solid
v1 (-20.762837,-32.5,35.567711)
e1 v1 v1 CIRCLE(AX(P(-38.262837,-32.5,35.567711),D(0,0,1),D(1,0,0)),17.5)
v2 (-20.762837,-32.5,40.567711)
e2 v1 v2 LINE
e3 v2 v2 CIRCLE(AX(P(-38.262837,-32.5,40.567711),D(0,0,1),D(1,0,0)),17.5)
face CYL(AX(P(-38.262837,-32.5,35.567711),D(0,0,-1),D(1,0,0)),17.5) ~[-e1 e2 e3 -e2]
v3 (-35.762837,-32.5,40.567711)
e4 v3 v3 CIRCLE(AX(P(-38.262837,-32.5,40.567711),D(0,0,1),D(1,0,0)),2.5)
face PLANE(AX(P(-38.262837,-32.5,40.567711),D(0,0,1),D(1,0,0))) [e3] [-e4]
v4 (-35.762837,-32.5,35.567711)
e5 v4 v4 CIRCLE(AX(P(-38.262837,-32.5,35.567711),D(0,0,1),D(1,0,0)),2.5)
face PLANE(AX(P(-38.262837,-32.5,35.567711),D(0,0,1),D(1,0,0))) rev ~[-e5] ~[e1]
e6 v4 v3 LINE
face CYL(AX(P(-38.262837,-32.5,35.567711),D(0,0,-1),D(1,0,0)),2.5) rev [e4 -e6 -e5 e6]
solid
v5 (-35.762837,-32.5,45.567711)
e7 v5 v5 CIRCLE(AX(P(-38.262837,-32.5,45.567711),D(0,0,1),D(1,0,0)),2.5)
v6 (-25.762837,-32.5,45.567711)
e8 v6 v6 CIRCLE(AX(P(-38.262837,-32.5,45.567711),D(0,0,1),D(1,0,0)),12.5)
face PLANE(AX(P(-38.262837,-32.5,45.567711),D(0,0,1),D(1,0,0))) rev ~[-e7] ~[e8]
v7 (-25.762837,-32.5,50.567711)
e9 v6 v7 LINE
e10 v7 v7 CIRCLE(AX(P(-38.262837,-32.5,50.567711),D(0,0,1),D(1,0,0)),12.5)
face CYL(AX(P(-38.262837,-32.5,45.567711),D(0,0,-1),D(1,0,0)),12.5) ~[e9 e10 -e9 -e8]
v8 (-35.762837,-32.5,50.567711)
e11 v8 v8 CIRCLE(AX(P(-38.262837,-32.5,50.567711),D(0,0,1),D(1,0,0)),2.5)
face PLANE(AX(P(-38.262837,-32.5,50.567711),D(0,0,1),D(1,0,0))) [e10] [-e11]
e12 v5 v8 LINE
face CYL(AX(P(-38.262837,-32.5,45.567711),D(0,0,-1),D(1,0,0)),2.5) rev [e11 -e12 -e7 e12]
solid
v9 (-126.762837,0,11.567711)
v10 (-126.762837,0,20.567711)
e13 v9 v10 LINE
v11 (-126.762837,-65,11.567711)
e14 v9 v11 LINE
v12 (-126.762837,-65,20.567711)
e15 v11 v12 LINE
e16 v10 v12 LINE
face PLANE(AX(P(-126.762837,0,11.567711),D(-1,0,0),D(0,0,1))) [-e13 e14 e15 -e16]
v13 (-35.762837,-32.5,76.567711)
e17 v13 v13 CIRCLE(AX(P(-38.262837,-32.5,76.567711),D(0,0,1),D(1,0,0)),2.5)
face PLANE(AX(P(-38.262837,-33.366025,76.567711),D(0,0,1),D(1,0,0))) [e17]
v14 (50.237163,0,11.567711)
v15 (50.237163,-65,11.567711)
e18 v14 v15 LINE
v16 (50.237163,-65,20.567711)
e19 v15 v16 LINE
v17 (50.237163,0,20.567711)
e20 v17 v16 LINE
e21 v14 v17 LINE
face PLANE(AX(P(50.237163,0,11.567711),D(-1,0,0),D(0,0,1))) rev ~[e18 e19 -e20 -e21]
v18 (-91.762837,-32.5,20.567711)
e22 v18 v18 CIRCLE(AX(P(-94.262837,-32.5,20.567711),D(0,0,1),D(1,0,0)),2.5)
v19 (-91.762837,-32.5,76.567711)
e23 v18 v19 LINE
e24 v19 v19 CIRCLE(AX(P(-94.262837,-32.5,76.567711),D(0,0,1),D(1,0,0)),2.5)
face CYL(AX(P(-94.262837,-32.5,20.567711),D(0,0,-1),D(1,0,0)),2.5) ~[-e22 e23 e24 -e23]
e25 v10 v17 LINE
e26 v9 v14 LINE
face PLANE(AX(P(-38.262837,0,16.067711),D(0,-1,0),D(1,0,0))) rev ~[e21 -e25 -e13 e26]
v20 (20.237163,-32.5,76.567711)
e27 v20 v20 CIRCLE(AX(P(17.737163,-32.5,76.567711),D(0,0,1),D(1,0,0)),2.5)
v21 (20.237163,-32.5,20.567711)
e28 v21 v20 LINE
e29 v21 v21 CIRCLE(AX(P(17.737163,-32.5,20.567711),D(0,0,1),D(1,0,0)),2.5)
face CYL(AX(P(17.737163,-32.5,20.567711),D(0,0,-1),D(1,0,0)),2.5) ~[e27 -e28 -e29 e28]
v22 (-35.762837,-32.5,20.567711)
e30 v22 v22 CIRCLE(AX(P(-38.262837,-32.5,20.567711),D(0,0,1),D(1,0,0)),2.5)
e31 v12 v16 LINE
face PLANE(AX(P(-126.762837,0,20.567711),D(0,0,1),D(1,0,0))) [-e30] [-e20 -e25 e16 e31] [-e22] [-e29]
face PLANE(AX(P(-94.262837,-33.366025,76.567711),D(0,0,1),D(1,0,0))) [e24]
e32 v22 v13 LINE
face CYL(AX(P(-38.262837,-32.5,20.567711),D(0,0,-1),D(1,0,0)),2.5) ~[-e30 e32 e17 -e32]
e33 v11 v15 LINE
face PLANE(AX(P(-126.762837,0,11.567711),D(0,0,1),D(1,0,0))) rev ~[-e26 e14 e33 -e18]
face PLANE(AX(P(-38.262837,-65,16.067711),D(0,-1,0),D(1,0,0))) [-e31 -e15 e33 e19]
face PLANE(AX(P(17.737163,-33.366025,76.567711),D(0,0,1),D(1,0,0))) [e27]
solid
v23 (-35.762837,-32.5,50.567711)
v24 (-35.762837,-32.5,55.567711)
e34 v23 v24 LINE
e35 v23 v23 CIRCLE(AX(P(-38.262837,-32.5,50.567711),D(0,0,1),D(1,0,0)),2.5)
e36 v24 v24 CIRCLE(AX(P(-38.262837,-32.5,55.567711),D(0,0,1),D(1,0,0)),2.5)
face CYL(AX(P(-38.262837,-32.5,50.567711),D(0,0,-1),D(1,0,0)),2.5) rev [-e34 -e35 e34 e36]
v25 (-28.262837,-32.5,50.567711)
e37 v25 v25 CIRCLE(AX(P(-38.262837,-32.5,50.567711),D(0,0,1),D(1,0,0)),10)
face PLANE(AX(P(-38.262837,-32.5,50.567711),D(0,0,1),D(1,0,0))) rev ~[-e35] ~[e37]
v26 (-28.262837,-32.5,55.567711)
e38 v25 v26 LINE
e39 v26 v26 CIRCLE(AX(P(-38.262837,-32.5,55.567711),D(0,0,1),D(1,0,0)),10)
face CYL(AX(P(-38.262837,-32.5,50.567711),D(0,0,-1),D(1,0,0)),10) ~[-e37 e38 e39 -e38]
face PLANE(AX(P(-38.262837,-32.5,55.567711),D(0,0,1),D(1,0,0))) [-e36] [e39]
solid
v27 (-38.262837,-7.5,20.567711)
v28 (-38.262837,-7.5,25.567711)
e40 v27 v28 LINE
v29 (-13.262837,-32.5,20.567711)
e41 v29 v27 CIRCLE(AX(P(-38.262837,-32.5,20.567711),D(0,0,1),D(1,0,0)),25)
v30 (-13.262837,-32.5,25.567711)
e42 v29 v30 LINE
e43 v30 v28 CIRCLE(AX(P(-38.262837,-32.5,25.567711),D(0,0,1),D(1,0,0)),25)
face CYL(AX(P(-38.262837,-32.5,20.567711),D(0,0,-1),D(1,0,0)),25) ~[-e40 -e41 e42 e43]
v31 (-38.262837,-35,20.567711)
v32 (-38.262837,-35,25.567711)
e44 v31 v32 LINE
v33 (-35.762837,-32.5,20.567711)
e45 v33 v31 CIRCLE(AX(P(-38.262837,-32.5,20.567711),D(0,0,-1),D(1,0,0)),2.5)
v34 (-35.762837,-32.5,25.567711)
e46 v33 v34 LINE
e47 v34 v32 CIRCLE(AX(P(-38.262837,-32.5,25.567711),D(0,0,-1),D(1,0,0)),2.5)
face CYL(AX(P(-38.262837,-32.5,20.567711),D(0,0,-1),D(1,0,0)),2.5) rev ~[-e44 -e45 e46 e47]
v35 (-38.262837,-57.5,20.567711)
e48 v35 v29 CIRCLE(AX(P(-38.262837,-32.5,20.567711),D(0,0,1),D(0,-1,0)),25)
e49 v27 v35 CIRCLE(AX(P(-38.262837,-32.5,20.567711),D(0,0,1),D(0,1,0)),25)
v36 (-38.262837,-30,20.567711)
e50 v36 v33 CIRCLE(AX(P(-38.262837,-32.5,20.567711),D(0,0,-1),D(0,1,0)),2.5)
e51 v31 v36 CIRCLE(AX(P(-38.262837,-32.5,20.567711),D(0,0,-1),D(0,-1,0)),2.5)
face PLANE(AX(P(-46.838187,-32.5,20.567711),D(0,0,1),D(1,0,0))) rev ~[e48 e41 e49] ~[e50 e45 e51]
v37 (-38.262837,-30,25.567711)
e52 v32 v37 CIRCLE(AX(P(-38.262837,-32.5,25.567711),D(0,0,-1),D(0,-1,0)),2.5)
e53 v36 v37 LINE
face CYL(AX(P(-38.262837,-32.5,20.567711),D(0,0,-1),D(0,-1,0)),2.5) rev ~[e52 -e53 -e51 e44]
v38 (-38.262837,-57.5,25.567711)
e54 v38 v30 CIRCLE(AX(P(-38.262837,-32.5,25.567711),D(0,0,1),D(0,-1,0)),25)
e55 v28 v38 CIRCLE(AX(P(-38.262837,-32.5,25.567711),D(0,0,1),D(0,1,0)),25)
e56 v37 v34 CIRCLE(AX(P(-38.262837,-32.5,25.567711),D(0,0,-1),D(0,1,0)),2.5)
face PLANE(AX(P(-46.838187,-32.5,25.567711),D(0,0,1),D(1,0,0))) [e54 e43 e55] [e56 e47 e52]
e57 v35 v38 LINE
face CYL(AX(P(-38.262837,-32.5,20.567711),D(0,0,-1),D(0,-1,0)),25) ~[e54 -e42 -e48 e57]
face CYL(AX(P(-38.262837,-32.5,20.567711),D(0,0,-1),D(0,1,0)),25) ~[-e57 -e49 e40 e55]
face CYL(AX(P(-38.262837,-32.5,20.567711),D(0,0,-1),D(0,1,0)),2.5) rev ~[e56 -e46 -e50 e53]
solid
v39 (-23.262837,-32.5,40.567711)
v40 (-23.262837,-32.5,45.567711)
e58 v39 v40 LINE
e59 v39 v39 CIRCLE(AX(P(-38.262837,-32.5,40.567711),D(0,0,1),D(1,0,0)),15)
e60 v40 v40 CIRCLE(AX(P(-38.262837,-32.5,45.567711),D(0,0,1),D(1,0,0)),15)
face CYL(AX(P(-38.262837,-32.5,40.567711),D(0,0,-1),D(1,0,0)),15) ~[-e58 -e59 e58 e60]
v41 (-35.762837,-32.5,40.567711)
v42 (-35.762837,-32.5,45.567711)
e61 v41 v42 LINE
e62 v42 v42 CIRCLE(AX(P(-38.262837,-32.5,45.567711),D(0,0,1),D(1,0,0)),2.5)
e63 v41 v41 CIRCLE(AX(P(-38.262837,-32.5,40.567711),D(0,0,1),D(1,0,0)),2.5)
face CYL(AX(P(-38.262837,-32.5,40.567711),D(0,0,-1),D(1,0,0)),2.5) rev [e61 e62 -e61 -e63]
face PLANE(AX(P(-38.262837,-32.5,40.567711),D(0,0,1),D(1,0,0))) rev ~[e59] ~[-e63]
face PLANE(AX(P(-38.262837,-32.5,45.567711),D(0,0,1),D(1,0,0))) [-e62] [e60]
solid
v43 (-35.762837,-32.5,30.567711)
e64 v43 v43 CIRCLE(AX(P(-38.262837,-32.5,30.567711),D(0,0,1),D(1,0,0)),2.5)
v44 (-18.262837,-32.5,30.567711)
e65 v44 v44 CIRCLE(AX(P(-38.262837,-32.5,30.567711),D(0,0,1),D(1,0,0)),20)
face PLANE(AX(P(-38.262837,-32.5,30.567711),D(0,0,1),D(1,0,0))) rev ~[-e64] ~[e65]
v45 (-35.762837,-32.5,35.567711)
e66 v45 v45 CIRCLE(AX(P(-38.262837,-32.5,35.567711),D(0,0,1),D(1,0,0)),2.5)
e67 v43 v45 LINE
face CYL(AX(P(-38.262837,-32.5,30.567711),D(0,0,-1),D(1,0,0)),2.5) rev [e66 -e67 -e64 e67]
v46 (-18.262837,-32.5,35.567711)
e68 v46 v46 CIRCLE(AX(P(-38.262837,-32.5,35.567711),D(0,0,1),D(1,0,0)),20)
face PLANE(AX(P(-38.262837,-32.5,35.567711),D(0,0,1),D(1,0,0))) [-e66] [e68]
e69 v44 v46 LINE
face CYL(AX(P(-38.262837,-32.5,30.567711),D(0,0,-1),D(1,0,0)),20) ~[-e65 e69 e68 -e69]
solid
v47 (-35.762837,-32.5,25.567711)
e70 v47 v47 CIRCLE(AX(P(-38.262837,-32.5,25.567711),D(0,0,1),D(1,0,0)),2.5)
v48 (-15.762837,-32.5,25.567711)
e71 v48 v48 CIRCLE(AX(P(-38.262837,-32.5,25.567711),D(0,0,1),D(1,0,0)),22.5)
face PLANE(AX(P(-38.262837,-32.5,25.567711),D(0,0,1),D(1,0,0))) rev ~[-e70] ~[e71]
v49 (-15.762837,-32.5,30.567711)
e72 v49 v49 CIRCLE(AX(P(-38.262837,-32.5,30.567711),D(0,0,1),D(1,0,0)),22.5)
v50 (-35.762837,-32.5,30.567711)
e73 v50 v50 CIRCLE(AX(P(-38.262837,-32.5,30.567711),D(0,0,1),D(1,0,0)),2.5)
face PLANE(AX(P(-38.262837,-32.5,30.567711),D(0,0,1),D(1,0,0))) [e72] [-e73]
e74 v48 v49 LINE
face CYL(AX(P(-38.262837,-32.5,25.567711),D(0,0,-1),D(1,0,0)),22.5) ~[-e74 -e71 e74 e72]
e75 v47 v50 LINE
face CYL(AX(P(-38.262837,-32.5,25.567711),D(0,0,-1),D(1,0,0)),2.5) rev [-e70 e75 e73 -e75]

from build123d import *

# Parameters (mm, degrees)
F0_W      = 177
F0_H      = 9
F1_DEPTH  = 65
F3_DEPTH  = 56
F5_DEPTH  = 5
F6_R      = 22.5
F6_R_2    = 2.5
F7_DEPTH  = 5
F8_R      = 20
F8_R_2    = 2.5
F9_DEPTH  = 5
F10_R     = 17.5
F10_R_2   = 2.5
F11_DEPTH = 5
F12_R     = 15
F12_R_2   = 2.5
F13_DEPTH = 5
F14_R     = 12.5
F14_R_2   = 2.5
F15_DEPTH = 5
F16_R     = 10
F16_R_2   = 2.5
F17_DEPTH = 5


with BuildPart() as f1:
    # F0 (on Front) → F1 (new body)
    with BuildSketch(Plane.XZ):
        with Locations((-38.2628371716, 16.0677108988)):
            Rectangle(F0_W, F0_H)
    extrude(amount=F1_DEPTH)

    # F2 (on face) → F3 (join)
    with BuildSketch(Plane.XY.offset(20.5677108988)):
        with BuildLine():
            ThreePointArc((15.2371628284, -32.5), (17.7371628284, -35), (20.2371628284, -32.5))
            Line((20.2371628284, -32.5), (17.7371628284, -32.5))
            Line((17.7371628284, -32.5), (15.2371628284, -32.5))
        make_face()
        with BuildLine():
            Line((17.7371628284, -32.5), (20.2371628284, -32.5))
            ThreePointArc((20.2371628284, -32.5), (17.7371628284, -30), (15.2371628284, -32.5))
            Line((15.2371628284, -32.5), (17.7371628284, -32.5))
        make_face()
        with BuildLine():
            Line((-35.7628371716, -32.5), (-38.2628371716, -32.5))
            Line((-38.2628371716, -32.5), (-40.7628371716, -32.5))
            ThreePointArc((-40.7628371716, -32.5), (-38.2628371716, -35), (-35.7628371716, -32.5))
        make_face()
        with BuildLine():
            Line((-40.7628371716, -32.5), (-38.2628371716, -32.5))
            Line((-38.2628371716, -32.5), (-35.7628371716, -32.5))
            ThreePointArc((-35.7628371716, -32.5), (-38.2628371716, -30), (-40.7628371716, -32.5))
        make_face()
        with BuildLine():
            Line((-91.7628371716, -32.5), (-94.2628371716, -32.5))
            Line((-94.2628371716, -32.5), (-96.7628371716, -32.5))
            ThreePointArc((-96.7628371716, -32.5), (-94.2628371716, -35), (-91.7628371716, -32.5))
        make_face()
        with BuildLine():
            Line((-96.7628371716, -32.5), (-94.2628371716, -32.5))
            Line((-94.2628371716, -32.5), (-91.7628371716, -32.5))
            ThreePointArc((-91.7628371716, -32.5), (-94.2628371716, -30), (-96.7628371716, -32.5))
        make_face()
    extrude(amount=F3_DEPTH)


with BuildPart() as f5:
    # F4 (on face) → F5 (new body)
    with BuildSketch(Plane.XY.offset(20.5677108988)):
        with BuildLine():
            Line((-38.2628371716, -30), (-38.2628371716, -7.5))
            ThreePointArc((-38.2628371716, -7.5), (-63.2628371716, -32.5), (-38.2628371716, -57.5))
            Line((-38.2628371716, -57.5), (-38.2628371716, -35))
            ThreePointArc((-38.2628371716, -35), (-40.7628371716, -32.5), (-38.2628371716, -30))
        make_face()
        with BuildLine():
            ThreePointArc((-38.2628371716, -57.5), (-20.5851676419, -50.1776695297), (-13.2628371716, -32.5))
            ThreePointArc((-13.2628371716, -32.5), (-20.5851676419, -14.8223304703), (-38.2628371716, -7.5))
            Line((-38.2628371716, -7.5), (-38.2628371716, -30))
            ThreePointArc((-38.2628371716, -30), (-36.4950702186, -30.732233047), (-35.7628371716, -32.5))
            ThreePointArc((-35.7628371716, -32.5), (-36.4950702186, -34.267766953), (-38.2628371716, -35))
            Line((-38.2628371716, -35), (-38.2628371716, -57.5))
        make_face()
    extrude(amount=F5_DEPTH)


with BuildPart() as f7:
    # F6 (on face) → F7 (new body)
    with BuildSketch(Plane.XY.offset(25.5677108988)):
        with Locations((-38.2628371716, -32.5)):
            Circle(F6_R)
        with Locations((-38.2628371716, -32.5)):
            Circle(F6_R_2, mode=Mode.SUBTRACT)
    extrude(amount=F7_DEPTH)


with BuildPart() as f9:
    # F8 (on face) → F9 (new body)
    with BuildSketch(Plane.XY.offset(30.5677108988)):
        with Locations((-38.2628371716, -32.5)):
            Circle(F8_R)
        with Locations((-38.2628371716, -32.5)):
            Circle(F8_R_2, mode=Mode.SUBTRACT)
    extrude(amount=F9_DEPTH)


with BuildPart() as f11:
    # F10 (on face) → F11 (new body)
    with BuildSketch(Plane.XY.offset(35.5677108988)):
        with Locations((-38.2628371716, -32.5)):
            Circle(F10_R)
        with Locations((-38.2628371716, -32.5)):
            Circle(F10_R_2, mode=Mode.SUBTRACT)
    extrude(amount=F11_DEPTH)


with BuildPart() as f13:
    # F12 (on face) → F13 (new body)
    with BuildSketch(Plane.XY.offset(40.5677108988)):
        with Locations((-38.2628371716, -32.5)):
            Circle(F12_R)
        with Locations((-38.2628371716, -32.5)):
            Circle(F12_R_2, mode=Mode.SUBTRACT)
    extrude(amount=F13_DEPTH)


with BuildPart() as f15:
    # F14 (on face) → F15 (new body)
    with BuildSketch(Plane.XY.offset(45.5677108988)):
        with Locations((-38.2628371716, -32.5)):
            Circle(F14_R)
        with Locations((-38.2628371716, -32.5)):
            Circle(F14_R_2, mode=Mode.SUBTRACT)
    extrude(amount=F15_DEPTH)


with BuildPart() as f17:
    # F16 (on face) → F17 (new body)
    with BuildSketch(Plane.XY.offset(50.5677108988)):
        with Locations((-38.2628371716, -32.5)):
            Circle(F16_R)
        with Locations((-38.2628371716, -32.5)):
            Circle(F16_R_2, mode=Mode.SUBTRACT)
    extrude(amount=F17_DEPTH)


solid = Compound([f1.part, f5.part, f7.part, f9.part, f11.part, f13.part, f15.part, f17.part])
